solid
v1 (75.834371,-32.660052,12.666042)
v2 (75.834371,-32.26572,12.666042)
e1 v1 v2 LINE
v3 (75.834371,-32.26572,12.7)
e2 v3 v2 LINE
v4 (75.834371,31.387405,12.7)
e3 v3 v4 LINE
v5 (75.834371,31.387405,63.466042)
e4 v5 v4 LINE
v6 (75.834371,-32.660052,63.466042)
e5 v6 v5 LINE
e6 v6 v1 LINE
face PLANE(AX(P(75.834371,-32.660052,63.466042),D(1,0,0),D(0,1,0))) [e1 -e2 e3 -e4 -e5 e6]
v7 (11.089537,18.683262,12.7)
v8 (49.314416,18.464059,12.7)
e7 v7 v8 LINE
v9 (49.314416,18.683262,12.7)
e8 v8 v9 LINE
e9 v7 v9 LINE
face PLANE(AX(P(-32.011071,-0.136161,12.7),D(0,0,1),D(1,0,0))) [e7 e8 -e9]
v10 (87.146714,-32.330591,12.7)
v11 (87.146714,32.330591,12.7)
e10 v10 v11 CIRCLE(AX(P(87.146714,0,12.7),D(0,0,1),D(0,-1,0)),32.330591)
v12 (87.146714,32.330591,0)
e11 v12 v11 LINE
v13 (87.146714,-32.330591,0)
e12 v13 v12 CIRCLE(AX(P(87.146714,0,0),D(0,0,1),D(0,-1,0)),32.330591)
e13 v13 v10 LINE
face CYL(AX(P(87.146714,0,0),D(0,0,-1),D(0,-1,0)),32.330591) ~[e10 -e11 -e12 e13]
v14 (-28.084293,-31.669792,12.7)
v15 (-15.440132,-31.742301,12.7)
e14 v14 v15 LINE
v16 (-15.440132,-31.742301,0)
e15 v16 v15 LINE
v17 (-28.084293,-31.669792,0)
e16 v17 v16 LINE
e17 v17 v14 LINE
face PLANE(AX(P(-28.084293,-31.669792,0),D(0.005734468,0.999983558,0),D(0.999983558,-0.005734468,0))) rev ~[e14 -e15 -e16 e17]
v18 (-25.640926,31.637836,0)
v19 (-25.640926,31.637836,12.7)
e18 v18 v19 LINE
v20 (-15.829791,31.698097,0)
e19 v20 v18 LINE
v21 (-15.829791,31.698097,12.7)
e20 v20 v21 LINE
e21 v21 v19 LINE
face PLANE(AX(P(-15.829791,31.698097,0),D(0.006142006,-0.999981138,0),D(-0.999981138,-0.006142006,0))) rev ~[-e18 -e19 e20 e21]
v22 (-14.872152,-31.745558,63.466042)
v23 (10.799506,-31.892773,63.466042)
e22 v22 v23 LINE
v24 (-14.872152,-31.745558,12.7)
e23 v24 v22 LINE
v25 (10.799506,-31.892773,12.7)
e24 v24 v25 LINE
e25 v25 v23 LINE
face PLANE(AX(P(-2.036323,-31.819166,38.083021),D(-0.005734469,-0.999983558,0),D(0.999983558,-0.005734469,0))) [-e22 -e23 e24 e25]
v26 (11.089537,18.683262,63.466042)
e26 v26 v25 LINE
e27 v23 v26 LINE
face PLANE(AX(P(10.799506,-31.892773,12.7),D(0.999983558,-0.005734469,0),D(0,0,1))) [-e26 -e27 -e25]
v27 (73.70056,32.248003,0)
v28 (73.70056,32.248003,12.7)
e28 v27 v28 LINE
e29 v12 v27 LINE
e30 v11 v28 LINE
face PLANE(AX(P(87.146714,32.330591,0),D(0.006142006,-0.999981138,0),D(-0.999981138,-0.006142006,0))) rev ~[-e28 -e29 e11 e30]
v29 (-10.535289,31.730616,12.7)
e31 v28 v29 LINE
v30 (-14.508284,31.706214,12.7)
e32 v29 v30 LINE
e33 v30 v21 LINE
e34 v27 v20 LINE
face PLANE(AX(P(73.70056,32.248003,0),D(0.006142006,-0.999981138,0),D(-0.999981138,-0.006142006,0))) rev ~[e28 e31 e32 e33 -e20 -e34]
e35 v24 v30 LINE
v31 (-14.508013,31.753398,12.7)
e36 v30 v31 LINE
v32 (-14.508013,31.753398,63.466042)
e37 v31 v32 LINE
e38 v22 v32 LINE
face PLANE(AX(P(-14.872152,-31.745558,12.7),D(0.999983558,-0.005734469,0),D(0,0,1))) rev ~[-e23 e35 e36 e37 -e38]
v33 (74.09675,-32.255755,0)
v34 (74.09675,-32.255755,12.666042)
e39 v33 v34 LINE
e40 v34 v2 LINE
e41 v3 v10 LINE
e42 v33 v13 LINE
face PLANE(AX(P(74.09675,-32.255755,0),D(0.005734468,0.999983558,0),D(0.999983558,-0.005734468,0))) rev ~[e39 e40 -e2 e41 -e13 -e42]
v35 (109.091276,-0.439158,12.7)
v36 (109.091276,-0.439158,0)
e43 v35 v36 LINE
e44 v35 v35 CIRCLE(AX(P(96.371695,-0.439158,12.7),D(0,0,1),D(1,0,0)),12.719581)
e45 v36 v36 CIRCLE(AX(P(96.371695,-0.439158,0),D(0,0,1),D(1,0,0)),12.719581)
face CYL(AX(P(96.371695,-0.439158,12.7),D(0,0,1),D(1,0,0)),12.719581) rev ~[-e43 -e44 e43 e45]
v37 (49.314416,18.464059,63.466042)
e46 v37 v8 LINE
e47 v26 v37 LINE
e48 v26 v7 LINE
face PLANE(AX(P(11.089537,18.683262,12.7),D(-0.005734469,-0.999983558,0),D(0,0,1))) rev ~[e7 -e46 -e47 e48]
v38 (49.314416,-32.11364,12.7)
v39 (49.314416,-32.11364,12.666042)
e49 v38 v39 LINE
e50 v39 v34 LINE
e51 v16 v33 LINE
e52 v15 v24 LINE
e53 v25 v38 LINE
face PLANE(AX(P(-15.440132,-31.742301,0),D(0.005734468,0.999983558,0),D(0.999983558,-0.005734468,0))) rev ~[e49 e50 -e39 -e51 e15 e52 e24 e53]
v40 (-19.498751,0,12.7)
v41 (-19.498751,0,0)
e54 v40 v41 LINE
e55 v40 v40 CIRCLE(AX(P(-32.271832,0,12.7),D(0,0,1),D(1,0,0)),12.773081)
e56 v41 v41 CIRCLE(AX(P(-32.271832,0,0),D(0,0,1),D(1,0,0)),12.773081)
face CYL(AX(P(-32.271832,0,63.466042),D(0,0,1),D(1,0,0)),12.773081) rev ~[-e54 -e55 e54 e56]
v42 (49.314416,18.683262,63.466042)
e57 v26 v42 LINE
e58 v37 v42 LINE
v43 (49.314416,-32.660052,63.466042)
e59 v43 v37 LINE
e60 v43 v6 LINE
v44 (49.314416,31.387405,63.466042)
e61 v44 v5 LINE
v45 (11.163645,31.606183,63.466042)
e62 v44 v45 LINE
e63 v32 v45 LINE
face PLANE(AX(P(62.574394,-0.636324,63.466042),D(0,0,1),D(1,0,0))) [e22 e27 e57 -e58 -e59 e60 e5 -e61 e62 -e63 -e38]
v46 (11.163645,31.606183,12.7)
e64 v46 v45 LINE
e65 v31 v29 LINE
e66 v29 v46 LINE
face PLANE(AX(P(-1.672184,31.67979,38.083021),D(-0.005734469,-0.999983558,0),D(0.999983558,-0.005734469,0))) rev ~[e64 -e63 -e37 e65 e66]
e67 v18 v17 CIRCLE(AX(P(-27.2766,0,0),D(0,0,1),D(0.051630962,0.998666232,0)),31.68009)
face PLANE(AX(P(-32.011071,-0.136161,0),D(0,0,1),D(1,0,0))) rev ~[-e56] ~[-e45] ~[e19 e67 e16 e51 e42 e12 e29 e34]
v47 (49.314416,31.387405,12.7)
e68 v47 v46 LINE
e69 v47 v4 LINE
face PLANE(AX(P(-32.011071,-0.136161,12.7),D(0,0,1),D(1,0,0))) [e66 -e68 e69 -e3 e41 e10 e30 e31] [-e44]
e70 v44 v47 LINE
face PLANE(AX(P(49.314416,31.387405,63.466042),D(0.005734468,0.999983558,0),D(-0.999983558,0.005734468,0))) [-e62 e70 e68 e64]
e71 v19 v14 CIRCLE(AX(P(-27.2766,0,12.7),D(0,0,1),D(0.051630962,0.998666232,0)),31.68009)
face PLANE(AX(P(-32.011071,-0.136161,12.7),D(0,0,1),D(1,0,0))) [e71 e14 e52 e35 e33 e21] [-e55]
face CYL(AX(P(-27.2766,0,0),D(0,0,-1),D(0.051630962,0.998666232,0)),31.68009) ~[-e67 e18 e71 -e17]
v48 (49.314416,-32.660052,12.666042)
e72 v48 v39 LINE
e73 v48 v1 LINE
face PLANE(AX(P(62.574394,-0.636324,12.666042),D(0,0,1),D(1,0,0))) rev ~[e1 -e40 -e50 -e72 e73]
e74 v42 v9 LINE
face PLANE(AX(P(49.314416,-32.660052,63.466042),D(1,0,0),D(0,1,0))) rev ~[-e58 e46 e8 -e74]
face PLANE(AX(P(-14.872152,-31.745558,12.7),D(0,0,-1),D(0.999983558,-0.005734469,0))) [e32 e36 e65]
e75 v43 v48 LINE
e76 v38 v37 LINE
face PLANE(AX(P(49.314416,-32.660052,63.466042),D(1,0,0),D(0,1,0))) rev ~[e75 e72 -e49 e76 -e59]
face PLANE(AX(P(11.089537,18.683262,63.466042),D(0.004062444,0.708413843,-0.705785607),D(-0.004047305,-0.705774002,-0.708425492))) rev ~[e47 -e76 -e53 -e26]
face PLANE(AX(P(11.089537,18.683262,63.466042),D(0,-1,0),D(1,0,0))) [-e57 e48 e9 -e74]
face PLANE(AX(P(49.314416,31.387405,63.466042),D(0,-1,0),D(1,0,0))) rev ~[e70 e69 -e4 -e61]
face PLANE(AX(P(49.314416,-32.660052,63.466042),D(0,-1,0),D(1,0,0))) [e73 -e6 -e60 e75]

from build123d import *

# Parameters (mm, degrees)
F1_DEPTH  = 12.7
F2_W      = 25.6720799953
F2_H      = 50.7660422802
F3_DEPTH  = 63.5
F5_DEPTH  = 50.7660422802
F6_W      = 26.5199552193
F6_H      = 64.0474567351
F7_DEPTH  = 50.8
F10_R     = 12.7730811137
F11_DEPTH = 63.4670422802
F12_R     = 12.7195807683
F13_DEPTH = 12.701


with BuildPart() as f1:
    # F0 (on Top) → F1 (new body)
    with BuildSketch(Plane.XY):
        with BuildLine():
            ThreePointArc((-25.6409262814, 31.6378357737), (-58.9331206672, 1.2217878444), (-28.0842930079, -31.6697917879))
            Line((-28.0842930079, -31.6697917879), (-15.4401324445, -31.7423005202))
            Line((-15.4401324445, -31.7423005202), (-15.8297911107, 31.6980969637))
            Line((-15.8297911107, 31.6980969637), (-25.6409262814, 31.6378357737))
        make_face()
        with BuildLine():
            Line((87.1467143297, 32.3305912316), (73.7005600104, 32.2480033102))
            Line((73.7005600104, 32.2480033102), (74.0967499711, -32.2557553919))
            Line((74.0967499711, -32.2557553919), (87.1467143297, -32.3305912316))
            ThreePointArc((87.1467143297, -32.3305912316), (119.4773055613, 0), (87.1467143297, 32.3305912316))
        make_face()
        Polygon((-15.8297911107, 31.6980969637), (-15.4401324445, -31.7423005202), (10.3389963129, -31.890132552), (74.0967499711, -32.2557553919), (73.7005600104, 32.2480033102), align=None)
    extrude(amount=F1_DEPTH)

    # F2 (on face) → F3 (join)
    with BuildSketch(Plane(origin=(-0.182529964, -31.8297961992, 0), x_dir=(0.9999835578, -0.0057344685, 0), z_dir=(-0.0057344685, -0.9999835578, 0))):
        with Locations((-1.8538236618, 38.0830211401)):
            Rectangle(F2_W, F2_H)
    extrude(amount=-F3_DEPTH)

    # F4 (on face) → F5 (join, through all)
    with BuildSketch(Plane.XY.offset(63.4660422802)):
        Polygon((49.3144159303, 31.3874045549), (11.1636445481, 31.6061825478), (11.0895372501, 18.6832621694), (49.3144159303, 18.6832621694), align=None)
    extrude(amount=-F5_DEPTH)

    # F6 (on face) → F7 (join)
    with BuildSketch(Plane.XY.offset(63.4660422802)):
        with Locations((62.5743935399, -0.6363238127)):
            Rectangle(F6_W, F6_H)
    extrude(amount=-F7_DEPTH)

    # F8 (on face) → F9 (join, up to the next surface of F1)
    with BuildSketch(Plane(origin=(10.982035764, -0.0629771733, 0), x_dir=(0.0057344685, 0.9999835578, 0), z_dir=(0.9999835578, -0.0057344685, 0))):
        Polygon((18.7465475772, 12.6999999999), (18.7465475772, 63.4660422802), (-31.8303195597, 12.7), align=None)
    extrude(until=Until.NEXT)

    # F10 (on face) → F11 (cut, through all)
    with BuildSketch(Plane.XY.offset(63.4660422802)):
        with Locations((-32.2718322277, 0)):
            Circle(F10_R)
    extrude(amount=-F11_DEPTH, mode=Mode.SUBTRACT)

    # F12 (on face) → F13 (cut, through all)
    with BuildSketch(Plane.XY.offset(12.7)):
        with Locations((96.3716953993, -0.4391576674)):
            Circle(F12_R)
    extrude(amount=-F13_DEPTH, mode=Mode.SUBTRACT)


solid = f1.part
